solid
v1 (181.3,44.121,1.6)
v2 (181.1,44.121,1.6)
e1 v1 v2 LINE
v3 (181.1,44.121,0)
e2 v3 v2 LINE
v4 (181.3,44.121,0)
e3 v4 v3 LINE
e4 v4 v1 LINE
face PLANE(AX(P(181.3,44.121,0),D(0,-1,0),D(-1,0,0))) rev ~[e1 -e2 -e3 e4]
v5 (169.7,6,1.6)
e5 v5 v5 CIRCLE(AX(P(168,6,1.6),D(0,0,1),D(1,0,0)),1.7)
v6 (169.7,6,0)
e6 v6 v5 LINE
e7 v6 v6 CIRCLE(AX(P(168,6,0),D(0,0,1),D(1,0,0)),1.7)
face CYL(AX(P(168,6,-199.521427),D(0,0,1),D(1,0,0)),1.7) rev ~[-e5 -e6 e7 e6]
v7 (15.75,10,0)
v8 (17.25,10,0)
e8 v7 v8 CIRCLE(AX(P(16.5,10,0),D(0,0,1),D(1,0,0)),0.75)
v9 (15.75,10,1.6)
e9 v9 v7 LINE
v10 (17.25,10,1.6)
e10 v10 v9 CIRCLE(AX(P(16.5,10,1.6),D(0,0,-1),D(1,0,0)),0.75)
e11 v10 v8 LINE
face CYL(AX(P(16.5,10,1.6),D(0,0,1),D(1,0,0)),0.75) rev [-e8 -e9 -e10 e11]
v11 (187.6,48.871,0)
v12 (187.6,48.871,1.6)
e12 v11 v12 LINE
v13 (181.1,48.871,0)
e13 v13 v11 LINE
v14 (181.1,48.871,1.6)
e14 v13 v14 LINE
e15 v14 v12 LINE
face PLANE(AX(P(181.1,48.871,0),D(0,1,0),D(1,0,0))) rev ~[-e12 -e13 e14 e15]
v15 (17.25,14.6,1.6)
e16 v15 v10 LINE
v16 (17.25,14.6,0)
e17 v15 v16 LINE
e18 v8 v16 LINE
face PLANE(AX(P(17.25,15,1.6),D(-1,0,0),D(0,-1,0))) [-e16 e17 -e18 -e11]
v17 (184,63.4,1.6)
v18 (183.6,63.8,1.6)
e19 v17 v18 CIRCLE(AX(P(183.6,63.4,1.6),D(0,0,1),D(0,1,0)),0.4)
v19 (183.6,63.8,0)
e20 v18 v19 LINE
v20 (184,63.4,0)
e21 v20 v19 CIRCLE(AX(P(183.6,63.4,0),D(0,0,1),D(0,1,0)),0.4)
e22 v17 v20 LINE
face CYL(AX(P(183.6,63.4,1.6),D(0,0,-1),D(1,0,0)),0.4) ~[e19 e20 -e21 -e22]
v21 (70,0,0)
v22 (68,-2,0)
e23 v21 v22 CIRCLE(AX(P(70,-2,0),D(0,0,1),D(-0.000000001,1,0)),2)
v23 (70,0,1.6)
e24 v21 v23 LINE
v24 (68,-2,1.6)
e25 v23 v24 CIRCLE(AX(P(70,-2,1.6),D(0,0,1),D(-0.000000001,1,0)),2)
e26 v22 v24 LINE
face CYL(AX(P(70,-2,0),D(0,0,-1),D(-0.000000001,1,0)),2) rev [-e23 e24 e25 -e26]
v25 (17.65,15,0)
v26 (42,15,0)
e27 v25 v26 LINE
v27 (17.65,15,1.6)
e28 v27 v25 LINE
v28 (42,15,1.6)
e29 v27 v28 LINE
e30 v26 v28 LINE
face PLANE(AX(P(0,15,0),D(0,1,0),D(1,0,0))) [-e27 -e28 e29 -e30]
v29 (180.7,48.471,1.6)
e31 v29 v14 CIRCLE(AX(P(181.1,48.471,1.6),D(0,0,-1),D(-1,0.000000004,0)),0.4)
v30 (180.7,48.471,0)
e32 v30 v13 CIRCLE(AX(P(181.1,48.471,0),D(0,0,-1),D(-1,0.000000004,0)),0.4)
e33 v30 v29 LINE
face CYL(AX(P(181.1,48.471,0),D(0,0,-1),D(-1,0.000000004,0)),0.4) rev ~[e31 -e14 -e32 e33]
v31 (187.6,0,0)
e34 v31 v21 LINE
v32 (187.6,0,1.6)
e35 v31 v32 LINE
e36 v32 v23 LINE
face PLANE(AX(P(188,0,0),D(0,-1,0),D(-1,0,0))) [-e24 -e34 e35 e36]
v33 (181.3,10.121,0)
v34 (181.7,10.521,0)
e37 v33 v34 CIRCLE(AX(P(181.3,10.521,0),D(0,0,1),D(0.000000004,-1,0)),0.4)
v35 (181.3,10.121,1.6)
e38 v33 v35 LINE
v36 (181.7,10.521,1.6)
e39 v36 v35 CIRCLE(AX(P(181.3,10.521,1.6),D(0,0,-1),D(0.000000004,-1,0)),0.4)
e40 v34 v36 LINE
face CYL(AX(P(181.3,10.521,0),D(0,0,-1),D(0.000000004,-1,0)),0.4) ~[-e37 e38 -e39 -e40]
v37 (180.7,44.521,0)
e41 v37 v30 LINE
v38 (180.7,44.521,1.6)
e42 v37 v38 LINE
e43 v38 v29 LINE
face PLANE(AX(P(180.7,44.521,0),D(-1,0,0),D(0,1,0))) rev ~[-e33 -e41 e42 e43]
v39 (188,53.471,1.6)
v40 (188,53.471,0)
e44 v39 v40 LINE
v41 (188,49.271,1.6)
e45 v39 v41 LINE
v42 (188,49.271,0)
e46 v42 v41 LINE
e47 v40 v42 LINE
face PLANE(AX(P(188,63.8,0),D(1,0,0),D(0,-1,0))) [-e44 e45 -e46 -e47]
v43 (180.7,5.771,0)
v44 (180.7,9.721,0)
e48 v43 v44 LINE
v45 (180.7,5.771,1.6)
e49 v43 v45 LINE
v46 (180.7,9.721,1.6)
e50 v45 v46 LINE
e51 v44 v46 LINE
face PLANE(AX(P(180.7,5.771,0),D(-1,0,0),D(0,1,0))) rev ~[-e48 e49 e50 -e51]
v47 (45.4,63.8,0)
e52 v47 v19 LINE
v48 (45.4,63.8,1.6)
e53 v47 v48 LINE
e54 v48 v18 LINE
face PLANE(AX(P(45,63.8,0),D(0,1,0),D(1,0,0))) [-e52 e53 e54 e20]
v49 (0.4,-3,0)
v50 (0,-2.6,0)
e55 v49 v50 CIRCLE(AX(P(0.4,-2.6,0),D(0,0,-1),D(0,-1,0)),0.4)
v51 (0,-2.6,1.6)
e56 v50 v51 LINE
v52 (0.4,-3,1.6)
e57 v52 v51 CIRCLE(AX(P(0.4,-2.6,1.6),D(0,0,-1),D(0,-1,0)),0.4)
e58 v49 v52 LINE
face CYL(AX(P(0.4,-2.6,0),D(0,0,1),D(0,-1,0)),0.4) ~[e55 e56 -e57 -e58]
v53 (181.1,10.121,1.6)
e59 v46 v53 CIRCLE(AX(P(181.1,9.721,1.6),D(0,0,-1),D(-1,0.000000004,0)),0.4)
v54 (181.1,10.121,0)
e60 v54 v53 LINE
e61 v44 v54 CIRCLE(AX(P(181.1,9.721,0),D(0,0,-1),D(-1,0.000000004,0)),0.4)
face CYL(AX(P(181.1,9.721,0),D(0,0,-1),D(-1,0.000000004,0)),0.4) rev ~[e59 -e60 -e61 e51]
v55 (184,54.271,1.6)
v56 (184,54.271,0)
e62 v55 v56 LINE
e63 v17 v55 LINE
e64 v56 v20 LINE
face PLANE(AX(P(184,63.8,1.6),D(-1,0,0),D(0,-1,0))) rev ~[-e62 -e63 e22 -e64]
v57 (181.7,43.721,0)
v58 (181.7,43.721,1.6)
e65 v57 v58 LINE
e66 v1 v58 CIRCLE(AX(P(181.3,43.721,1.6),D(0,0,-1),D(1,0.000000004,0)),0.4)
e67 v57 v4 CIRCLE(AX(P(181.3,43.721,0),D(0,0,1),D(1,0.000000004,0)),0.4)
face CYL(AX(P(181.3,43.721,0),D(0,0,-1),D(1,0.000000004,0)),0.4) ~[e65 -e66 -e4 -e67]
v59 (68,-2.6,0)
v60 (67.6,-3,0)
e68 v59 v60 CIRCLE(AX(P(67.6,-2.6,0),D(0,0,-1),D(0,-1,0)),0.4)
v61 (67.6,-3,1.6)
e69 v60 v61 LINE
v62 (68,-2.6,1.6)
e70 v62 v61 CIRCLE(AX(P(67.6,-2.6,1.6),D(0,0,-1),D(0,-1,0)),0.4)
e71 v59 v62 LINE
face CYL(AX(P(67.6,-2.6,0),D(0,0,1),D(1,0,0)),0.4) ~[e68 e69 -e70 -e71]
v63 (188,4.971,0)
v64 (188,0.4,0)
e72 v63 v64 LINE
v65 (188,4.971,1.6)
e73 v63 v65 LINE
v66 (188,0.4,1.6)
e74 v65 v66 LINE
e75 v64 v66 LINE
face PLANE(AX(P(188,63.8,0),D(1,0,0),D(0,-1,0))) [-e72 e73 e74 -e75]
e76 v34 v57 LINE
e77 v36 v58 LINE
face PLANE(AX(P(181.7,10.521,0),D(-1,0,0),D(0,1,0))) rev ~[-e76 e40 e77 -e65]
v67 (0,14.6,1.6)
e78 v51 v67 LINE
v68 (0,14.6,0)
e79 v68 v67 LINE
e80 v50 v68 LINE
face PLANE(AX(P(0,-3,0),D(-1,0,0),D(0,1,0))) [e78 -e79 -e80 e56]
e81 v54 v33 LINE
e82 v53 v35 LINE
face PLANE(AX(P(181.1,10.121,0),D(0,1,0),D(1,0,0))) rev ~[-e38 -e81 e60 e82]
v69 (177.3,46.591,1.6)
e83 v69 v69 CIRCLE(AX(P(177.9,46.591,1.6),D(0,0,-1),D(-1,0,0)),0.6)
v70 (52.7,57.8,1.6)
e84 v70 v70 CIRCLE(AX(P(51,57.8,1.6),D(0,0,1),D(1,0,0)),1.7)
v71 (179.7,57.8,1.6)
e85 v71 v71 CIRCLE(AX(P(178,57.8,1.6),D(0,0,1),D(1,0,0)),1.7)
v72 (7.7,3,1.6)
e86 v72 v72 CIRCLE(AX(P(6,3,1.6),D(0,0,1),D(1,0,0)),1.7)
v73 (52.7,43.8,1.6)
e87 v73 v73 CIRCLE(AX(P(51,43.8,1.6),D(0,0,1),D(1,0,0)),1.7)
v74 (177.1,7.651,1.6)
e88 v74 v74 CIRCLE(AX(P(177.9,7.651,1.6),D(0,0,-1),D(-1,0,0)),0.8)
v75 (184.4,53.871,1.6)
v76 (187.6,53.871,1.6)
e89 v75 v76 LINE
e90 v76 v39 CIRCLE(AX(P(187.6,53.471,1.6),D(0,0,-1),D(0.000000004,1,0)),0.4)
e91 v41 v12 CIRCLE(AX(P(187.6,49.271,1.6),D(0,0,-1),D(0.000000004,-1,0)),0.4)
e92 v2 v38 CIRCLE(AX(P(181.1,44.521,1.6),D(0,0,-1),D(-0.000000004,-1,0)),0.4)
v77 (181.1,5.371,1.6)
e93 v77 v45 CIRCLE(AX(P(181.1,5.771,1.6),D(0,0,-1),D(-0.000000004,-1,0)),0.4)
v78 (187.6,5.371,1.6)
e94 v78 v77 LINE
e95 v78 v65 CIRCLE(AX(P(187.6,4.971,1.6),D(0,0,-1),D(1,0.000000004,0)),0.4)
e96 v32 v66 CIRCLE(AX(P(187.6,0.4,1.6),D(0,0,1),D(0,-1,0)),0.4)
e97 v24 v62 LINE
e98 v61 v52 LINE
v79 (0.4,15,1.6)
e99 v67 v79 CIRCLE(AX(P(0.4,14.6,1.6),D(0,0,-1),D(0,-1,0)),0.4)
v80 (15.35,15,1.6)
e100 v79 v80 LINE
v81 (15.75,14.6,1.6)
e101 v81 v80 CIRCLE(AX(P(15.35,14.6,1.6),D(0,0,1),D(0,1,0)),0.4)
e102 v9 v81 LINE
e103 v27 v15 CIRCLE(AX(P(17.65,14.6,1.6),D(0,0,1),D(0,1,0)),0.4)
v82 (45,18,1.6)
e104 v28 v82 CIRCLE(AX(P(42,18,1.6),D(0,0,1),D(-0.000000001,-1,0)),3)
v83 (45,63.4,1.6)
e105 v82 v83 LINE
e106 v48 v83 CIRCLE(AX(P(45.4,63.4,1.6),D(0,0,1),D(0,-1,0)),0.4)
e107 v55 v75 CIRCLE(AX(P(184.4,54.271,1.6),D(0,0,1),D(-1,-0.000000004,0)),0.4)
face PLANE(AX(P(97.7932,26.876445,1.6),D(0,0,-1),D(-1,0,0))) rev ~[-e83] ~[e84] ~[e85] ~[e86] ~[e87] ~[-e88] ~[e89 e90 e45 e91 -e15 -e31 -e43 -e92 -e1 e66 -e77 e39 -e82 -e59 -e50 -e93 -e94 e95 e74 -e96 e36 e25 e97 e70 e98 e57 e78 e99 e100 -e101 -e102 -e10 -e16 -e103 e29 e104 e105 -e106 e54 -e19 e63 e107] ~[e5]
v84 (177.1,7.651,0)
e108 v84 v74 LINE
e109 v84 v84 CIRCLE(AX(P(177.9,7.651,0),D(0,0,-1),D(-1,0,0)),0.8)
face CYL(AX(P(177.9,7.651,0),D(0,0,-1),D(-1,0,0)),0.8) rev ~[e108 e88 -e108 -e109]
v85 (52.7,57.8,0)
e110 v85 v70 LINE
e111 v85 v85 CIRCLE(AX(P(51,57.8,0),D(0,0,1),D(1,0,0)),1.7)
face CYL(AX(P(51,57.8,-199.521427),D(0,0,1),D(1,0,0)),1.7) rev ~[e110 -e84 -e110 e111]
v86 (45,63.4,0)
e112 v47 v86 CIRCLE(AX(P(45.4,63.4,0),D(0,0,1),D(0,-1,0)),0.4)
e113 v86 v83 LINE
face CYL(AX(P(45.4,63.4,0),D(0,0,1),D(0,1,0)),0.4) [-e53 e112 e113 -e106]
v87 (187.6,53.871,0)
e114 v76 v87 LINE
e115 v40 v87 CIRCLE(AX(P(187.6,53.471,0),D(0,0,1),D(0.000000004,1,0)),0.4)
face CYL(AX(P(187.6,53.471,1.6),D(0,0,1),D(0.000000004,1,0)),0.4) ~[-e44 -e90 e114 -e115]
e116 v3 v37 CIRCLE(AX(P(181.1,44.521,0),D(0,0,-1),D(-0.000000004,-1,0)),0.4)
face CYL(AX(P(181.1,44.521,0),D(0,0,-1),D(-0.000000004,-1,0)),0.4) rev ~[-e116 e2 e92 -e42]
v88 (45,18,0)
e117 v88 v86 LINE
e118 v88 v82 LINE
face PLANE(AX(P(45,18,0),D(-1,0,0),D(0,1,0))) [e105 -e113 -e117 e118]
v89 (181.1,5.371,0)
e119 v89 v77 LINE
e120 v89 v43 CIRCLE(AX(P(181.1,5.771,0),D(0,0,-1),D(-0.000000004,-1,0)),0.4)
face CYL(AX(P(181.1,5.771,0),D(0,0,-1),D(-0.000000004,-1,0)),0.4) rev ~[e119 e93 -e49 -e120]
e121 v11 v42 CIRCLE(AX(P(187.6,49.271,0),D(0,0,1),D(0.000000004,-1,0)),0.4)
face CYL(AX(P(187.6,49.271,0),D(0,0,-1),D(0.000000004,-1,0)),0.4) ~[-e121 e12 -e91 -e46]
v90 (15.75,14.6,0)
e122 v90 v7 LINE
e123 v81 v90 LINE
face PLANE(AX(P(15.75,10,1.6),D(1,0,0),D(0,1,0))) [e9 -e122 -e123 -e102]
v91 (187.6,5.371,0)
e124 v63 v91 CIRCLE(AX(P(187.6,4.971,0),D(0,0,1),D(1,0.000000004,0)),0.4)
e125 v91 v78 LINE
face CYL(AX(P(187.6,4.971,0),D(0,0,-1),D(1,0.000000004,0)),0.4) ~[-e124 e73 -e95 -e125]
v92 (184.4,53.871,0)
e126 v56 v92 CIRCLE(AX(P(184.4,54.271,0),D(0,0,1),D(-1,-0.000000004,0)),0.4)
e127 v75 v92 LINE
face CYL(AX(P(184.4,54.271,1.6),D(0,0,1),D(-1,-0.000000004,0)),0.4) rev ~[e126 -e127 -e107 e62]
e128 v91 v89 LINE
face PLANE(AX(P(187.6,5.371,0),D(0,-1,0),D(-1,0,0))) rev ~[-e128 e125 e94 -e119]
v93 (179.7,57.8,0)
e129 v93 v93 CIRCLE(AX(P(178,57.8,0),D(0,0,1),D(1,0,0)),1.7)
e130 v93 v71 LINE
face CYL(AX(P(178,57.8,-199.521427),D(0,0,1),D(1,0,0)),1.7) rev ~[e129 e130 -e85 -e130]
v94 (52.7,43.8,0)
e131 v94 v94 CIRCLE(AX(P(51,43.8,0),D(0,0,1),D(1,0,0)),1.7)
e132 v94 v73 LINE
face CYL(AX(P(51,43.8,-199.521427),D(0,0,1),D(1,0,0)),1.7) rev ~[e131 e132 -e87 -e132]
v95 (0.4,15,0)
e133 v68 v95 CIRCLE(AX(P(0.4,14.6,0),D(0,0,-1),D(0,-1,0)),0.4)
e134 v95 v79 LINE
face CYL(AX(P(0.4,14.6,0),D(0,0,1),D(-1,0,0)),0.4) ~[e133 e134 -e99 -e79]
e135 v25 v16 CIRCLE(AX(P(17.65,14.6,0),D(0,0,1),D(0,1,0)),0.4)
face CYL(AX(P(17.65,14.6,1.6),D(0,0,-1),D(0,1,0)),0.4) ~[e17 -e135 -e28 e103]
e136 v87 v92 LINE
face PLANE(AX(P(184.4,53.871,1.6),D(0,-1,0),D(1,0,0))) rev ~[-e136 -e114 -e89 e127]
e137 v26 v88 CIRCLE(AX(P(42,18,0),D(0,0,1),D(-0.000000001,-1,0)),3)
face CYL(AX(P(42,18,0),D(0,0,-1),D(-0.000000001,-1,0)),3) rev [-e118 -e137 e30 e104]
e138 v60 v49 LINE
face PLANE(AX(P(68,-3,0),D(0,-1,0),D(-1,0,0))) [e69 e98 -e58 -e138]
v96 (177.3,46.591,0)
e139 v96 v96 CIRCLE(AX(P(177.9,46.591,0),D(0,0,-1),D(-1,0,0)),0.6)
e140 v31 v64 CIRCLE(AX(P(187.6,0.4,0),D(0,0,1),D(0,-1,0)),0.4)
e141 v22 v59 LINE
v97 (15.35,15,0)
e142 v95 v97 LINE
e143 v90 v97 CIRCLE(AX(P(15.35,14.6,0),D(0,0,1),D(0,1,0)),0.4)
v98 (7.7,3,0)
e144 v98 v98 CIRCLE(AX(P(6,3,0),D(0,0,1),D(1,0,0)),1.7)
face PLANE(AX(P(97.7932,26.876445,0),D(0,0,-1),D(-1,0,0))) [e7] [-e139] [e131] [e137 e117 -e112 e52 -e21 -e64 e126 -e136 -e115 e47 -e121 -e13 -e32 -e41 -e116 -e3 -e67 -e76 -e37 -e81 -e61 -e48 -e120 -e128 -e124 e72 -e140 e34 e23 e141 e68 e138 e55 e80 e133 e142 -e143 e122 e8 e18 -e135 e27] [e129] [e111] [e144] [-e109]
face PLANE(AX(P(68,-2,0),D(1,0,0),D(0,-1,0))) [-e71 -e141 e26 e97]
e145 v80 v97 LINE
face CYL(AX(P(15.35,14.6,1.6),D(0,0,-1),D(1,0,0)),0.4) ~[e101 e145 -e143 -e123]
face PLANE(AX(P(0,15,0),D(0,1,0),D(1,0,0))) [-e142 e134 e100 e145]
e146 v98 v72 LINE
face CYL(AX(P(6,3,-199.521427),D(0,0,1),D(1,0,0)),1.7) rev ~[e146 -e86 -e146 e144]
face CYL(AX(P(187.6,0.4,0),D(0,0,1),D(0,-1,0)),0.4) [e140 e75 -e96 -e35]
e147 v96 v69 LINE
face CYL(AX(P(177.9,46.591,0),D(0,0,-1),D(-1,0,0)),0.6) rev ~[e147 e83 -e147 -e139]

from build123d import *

# Parameters (mm, degrees)
BOSS_EXTRUDE1_DEPTH  = 1.6
SKETCH4_R            = 0.6
SKETCH4_R_2          = 0.8
CUT_EXTRUDE1_DEPTH   = 2.6
CUT_EXTRUDE2_DEPTH   = 2.6
CUT_EXTRUDE3_DEPTH   = 2.6
FILLET1_R            = 0.4
M3_CLEARANCE_HOLE1_D = 3.4


with BuildPart() as part:
    # Sketch2 → Boss-Extrude1 (new body)
    with BuildSketch(Plane.XY):
        with BuildLine():
            Line((68, -2), (68, -3))
            Line((68, -3), (0, -3))
            Line((0, -3), (0, 0))
            Line((0, 0), (0, 15))
            Line((0, 15), (42, 15))
            ThreePointArc((42, 15), (44.121320344, 15.878679656), (45, 18))
            Line((45, 18), (45, 63.8))
            Line((45, 63.8), (188, 63.8))
            Line((188, 63.8), (188, 0))
            Line((188, 0), (70, 0))
            ThreePointArc((70, 0), (68.585786438, -0.585786438), (68, -2))
        make_face()
    extrude(amount=BOSS_EXTRUDE1_DEPTH)

    # Sketch4 → Cut-Extrude1 (cut, through all)
    with BuildSketch(Plane(origin=(0, 0, 0), x_dir=(-1, 0, 0), z_dir=(0, 0, -1))):
        with Locations((-177.9, 46.591)):
            Circle(SKETCH4_R)
        with Locations((-177.9, 7.651)):
            Circle(SKETCH4_R_2)
        with BuildLine():
            Line((-188, 49.271), (-188, 48.871))
            Line((-188, 48.871), (-188, 5.371))
            Line((-188, 5.371), (-188, 4.971))
            ThreePointArc((-188, 4.971), (-187.882842712, 5.253842712), (-187.6, 5.371))
            Line((-187.6, 5.371), (-181.1, 5.371))
            ThreePointArc((-181.1, 5.371), (-180.817157288, 5.488157288), (-180.7, 5.771))
            Line((-180.7, 5.771), (-180.7, 9.721))
            ThreePointArc((-180.7, 9.721), (-180.817157288, 10.003842712), (-181.1, 10.121))
            Line((-181.1, 10.121), (-181.3, 10.121))
            ThreePointArc((-181.3, 10.121), (-181.582842712, 10.238157288), (-181.7, 10.521))
            Line((-181.7, 10.521), (-181.7, 43.721))
            ThreePointArc((-181.7, 43.721), (-181.582842712, 44.003842712), (-181.3, 44.121))
            Line((-181.3, 44.121), (-181.1, 44.121))
            ThreePointArc((-181.1, 44.121), (-180.817157288, 44.238157288), (-180.7, 44.521))
            Line((-180.7, 44.521), (-180.7, 48.471))
            ThreePointArc((-180.7, 48.471), (-180.817157288, 48.753842712), (-181.1, 48.871))
            Line((-181.1, 48.871), (-187.6, 48.871))
            ThreePointArc((-187.6, 48.871), (-187.882842712, 48.988157288), (-188, 49.271))
        make_face()
    extrude(amount=-CUT_EXTRUDE1_DEPTH, mode=Mode.SUBTRACT)

    # Sketch5 → Cut-Extrude2 (cut, through all)
    with BuildSketch(Plane.XY.offset(1.6)):
        with BuildLine():
            Line((15.75, 15), (17.25, 15))
            Line((17.25, 15), (17.25, 10))
            ThreePointArc((17.25, 10), (16.5, 9.25), (15.75, 10))
            Line((15.75, 10), (15.75, 15))
        make_face()
    extrude(amount=-CUT_EXTRUDE2_DEPTH, mode=Mode.SUBTRACT)

    # Sketch6 → Cut-Extrude3 (cut, through all)
    with BuildSketch(Plane.XY.offset(1.6)):
        with BuildLine():
            Line((188, 63.8), (184, 63.8))
            Line((184, 63.8), (184, 54.271))
            ThreePointArc((184, 54.271), (184.117157288, 53.988157288), (184.4, 53.871))
            Line((184.4, 53.871), (187.6, 53.871))
            ThreePointArc((187.6, 53.871), (187.882842712, 53.753842712), (188, 53.471))
            Line((188, 53.471), (188, 53.871))
            Line((188, 53.871), (188, 63.8))
        make_face()
    extrude(amount=-CUT_EXTRUDE3_DEPTH, mode=Mode.SUBTRACT)

    # Fillet1
    fillet1_edges = [part.edges().sort_by_distance(p)[0] for p in [
        (15.75, 15, 0.8),
        (17.25, 15, 0.8),
        (184, 63.8, 0.8),
        (0, 15, 0.8),
        (45, 63.8, 0.8),
        (188, 0, 0.8),
        (68, -3, 0.8),
        (0, -3, 0.8),
    ]]
    fillet(fillet1_edges, radius=FILLET1_R)

    # M3 Clearance Hole1 (through all)
    with Locations(Plane(origin=(0, 0, 0), x_dir=(-1, 0, 0), z_dir=(0, 0, -1))):
        with Locations((-178, 57.8), (-51, 57.8), (-6, 3), (-168, 6), (-51, 43.8)):
            Hole(M3_CLEARANCE_HOLE1_D / 2)


solid = part.part
